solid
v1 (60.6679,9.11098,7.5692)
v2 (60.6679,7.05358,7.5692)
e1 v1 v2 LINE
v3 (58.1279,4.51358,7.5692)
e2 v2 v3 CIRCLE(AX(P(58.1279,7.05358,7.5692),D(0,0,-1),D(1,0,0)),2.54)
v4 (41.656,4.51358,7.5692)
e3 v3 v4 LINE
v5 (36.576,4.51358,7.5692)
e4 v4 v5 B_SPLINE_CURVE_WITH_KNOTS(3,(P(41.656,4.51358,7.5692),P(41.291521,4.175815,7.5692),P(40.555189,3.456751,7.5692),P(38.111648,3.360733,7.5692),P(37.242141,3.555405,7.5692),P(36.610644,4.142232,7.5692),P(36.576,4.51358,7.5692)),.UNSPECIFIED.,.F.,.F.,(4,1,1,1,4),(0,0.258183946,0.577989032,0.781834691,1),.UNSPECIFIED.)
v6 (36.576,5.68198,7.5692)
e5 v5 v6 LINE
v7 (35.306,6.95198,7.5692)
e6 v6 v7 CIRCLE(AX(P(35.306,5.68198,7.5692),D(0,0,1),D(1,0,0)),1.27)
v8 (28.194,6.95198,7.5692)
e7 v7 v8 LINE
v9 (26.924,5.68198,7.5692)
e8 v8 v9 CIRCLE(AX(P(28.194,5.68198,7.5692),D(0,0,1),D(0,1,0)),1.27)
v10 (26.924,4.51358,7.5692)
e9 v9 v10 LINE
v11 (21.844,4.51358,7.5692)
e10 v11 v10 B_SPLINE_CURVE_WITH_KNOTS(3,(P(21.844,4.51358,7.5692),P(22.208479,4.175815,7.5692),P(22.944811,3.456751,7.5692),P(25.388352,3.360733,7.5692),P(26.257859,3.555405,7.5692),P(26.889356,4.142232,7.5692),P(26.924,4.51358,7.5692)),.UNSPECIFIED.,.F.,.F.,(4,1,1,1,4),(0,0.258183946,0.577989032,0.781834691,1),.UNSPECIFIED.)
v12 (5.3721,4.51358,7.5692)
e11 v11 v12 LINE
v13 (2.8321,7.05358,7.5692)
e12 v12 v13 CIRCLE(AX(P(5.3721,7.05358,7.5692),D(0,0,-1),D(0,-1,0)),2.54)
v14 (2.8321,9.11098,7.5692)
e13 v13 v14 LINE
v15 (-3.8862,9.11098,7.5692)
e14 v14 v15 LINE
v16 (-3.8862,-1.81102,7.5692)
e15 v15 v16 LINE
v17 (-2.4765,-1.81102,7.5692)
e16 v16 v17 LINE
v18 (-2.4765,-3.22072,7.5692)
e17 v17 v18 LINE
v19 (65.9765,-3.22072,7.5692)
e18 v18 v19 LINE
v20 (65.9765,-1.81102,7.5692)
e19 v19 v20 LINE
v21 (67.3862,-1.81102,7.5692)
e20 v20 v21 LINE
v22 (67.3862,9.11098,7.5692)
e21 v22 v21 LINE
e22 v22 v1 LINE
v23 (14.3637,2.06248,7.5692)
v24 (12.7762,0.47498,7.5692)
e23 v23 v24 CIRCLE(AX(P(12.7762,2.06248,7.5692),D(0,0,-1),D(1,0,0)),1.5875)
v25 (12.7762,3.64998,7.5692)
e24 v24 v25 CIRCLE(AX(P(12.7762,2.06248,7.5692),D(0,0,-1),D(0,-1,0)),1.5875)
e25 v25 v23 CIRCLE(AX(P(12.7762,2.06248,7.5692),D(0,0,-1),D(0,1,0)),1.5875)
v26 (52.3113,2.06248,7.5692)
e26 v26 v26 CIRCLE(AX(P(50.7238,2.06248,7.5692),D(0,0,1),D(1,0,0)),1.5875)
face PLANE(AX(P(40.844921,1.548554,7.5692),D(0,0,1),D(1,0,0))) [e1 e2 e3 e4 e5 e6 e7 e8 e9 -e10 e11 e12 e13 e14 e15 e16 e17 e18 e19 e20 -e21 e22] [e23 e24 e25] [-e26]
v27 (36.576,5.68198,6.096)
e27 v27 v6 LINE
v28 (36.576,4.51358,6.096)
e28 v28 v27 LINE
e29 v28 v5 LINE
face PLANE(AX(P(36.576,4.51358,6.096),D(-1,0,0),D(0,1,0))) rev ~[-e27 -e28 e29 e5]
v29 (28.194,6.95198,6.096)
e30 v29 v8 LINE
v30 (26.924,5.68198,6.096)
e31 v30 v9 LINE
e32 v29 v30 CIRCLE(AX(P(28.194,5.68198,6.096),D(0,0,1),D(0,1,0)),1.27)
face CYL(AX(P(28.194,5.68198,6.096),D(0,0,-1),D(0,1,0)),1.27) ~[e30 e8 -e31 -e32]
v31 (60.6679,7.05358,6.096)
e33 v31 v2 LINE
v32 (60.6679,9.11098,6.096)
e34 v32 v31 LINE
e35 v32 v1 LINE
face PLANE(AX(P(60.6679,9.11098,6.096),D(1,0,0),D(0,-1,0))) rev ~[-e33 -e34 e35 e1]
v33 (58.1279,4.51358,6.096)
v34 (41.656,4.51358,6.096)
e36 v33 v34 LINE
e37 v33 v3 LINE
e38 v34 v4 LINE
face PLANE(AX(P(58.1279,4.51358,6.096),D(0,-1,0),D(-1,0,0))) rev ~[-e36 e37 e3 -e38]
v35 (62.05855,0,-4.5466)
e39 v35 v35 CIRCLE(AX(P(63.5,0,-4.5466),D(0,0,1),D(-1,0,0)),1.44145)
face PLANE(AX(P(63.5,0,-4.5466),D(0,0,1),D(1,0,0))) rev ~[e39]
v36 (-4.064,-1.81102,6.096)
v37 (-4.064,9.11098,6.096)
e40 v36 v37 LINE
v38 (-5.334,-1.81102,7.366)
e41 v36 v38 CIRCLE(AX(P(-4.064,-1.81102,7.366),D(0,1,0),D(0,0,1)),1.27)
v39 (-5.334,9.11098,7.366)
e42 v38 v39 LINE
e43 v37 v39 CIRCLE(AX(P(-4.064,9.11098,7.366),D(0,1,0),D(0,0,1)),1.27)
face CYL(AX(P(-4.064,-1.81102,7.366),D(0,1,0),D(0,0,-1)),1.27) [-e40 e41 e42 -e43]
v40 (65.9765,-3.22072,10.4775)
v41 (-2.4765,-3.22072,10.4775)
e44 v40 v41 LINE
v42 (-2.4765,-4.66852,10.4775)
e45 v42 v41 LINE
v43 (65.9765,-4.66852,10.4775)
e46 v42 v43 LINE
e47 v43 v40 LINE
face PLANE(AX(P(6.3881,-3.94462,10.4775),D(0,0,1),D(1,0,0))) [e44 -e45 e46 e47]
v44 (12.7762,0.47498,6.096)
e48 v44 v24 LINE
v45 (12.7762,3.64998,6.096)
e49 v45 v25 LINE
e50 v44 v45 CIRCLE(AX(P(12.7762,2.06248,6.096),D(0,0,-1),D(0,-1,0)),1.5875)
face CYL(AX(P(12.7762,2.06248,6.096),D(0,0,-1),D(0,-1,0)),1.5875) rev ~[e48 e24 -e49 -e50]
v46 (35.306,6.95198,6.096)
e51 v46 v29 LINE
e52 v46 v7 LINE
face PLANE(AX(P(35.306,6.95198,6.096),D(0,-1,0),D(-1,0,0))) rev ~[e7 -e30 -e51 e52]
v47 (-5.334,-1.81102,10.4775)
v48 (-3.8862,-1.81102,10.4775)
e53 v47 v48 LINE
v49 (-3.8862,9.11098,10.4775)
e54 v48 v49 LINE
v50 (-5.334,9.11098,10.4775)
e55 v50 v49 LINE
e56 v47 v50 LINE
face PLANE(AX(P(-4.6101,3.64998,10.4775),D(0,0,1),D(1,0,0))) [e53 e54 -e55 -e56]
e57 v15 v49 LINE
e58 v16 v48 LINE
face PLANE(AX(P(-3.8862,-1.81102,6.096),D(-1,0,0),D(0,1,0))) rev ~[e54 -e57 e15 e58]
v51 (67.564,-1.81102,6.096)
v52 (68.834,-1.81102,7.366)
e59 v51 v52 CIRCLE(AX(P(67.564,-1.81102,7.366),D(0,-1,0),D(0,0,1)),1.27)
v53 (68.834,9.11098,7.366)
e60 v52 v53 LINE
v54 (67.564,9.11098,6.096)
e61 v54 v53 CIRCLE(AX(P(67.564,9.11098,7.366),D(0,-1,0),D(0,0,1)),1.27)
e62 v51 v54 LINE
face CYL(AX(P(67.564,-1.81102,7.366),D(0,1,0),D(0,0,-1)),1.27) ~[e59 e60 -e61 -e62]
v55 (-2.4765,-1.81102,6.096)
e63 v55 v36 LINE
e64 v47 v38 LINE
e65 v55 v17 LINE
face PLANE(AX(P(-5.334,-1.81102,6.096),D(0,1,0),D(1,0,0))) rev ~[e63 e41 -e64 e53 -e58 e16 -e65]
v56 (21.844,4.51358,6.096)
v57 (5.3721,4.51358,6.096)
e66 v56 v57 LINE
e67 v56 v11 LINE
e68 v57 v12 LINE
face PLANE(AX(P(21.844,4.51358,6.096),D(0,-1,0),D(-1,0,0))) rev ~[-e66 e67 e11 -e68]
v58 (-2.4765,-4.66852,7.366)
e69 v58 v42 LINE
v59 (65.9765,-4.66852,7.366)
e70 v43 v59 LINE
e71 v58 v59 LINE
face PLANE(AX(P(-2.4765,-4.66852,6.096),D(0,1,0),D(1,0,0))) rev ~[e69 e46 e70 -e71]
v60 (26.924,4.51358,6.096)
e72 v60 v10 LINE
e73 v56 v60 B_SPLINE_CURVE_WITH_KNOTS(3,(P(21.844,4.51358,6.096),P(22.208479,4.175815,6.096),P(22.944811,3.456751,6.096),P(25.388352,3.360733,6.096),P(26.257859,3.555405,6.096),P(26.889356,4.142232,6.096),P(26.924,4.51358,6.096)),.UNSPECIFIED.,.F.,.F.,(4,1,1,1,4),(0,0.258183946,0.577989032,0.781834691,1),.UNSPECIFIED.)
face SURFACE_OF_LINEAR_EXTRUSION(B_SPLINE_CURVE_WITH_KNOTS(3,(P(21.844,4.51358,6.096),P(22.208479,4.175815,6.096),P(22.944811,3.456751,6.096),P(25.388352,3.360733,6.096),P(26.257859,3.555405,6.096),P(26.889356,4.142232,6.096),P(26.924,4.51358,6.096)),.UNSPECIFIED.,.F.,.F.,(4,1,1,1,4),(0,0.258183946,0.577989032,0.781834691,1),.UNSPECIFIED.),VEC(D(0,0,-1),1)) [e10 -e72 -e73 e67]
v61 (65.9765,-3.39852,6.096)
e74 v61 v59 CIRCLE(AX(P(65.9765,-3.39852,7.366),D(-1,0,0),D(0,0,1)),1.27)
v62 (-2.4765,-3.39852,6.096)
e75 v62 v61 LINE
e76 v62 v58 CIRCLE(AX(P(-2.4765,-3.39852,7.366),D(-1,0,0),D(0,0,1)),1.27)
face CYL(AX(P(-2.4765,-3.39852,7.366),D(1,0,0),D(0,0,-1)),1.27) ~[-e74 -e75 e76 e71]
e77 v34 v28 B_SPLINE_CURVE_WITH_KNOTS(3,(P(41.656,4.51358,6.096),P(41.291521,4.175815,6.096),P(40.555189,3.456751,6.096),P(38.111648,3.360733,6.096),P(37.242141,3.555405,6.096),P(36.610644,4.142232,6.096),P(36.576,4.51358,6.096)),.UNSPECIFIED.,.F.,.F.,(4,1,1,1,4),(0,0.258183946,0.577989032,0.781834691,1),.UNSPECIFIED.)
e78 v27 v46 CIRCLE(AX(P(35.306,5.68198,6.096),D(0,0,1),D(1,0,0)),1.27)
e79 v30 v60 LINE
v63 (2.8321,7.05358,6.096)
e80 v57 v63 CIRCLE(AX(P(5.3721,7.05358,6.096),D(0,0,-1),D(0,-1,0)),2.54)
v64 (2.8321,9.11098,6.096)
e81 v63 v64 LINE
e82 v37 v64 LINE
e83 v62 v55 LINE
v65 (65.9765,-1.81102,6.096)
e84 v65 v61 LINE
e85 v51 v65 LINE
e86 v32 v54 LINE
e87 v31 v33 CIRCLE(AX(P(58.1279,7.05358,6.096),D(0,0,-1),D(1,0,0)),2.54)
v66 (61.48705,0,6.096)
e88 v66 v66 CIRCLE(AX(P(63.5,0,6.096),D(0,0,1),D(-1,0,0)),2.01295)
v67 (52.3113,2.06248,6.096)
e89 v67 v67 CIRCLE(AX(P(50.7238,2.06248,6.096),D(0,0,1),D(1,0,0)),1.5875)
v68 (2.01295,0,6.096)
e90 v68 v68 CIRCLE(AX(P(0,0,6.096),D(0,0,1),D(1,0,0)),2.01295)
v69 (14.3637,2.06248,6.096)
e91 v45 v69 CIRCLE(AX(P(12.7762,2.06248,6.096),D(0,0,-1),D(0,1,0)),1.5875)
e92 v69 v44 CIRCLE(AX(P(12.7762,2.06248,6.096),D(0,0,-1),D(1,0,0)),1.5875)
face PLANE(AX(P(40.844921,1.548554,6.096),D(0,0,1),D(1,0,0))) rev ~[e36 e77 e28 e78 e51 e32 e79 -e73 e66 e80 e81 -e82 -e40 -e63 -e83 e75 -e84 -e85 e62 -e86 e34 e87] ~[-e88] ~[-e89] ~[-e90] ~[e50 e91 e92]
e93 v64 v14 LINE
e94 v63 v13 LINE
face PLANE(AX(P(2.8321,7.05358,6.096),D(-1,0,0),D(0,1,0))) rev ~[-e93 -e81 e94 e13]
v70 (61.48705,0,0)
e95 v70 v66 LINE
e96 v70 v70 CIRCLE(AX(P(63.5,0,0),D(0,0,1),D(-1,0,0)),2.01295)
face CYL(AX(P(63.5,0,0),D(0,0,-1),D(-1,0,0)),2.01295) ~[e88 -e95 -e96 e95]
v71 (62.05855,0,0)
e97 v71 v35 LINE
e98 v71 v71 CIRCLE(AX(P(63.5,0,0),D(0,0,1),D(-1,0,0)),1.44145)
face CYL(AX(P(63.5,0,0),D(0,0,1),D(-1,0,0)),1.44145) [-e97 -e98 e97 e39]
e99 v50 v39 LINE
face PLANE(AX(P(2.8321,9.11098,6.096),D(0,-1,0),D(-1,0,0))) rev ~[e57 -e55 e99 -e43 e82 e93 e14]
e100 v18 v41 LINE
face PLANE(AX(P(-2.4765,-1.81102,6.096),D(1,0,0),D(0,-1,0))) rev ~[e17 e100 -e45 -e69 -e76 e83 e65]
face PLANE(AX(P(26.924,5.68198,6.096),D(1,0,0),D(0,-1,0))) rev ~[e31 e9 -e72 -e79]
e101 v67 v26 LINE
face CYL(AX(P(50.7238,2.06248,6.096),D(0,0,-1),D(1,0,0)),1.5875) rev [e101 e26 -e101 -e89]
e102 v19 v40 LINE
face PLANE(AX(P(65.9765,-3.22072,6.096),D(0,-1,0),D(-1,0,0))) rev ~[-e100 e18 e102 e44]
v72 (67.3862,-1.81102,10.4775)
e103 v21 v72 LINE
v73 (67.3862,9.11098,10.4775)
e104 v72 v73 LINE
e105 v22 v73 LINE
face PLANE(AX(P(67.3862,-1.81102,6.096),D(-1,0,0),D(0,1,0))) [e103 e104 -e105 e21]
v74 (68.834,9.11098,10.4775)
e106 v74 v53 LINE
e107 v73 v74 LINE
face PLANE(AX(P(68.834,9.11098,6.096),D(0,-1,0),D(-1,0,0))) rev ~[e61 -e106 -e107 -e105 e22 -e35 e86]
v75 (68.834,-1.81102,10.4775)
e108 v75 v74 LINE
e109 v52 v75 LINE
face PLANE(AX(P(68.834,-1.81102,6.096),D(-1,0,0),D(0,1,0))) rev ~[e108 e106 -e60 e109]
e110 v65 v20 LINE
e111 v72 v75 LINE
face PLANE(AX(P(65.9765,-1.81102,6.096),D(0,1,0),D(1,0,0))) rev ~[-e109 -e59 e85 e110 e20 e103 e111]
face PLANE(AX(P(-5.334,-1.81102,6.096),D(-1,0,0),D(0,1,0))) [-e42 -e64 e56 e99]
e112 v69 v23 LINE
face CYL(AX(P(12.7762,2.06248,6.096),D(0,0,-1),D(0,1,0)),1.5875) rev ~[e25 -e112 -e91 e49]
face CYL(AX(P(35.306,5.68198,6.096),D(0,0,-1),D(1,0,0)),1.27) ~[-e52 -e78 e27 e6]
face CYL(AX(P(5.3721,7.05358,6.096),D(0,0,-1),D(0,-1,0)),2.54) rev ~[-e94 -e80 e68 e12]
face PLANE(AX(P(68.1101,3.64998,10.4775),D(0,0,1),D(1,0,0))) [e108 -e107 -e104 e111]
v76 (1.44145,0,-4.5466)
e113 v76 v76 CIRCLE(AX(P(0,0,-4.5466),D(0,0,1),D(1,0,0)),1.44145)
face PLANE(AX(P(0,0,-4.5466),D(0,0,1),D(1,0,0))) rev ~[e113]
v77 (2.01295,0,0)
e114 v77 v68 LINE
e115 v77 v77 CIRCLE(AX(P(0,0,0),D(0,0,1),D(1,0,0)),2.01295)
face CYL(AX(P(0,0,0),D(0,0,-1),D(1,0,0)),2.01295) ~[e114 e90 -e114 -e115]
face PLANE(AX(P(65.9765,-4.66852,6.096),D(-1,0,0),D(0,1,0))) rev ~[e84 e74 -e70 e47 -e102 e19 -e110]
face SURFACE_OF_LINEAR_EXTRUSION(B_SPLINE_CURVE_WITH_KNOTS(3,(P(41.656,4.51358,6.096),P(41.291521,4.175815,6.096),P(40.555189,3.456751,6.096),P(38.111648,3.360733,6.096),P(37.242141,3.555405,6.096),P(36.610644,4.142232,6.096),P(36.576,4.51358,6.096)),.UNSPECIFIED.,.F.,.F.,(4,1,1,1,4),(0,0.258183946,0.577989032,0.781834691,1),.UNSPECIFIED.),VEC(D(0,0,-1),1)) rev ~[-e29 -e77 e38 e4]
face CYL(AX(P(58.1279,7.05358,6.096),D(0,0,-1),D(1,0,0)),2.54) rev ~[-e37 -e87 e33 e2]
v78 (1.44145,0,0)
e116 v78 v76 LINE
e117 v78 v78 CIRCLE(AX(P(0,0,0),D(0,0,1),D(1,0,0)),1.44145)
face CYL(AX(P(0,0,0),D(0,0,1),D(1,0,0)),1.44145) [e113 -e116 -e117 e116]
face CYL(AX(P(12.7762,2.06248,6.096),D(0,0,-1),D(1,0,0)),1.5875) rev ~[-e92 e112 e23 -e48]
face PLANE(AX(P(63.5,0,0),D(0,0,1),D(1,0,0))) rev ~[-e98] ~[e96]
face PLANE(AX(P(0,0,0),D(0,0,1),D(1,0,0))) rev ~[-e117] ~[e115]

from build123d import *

# Parameters (mm, degrees)
F0_R     = 2.01295
F0_R_2   = 1.44145
F1_DEPTH = 6.096
F2_DEPTH = 4.5466
F3_R     = 1.5875
F3_W     = 53.2003
F3_H     = 1.4478
F3_W_2   = 12.7762
F3_W_3   = 1.4478
F3_H_2   = 10.922
F3_W_4   = 2.4765
F4_DEPTH = 1.4732
F5_DEPTH = 4.3815
F6_R     = 1.27


with BuildPart() as f1:
    # F0 (on Top) → F1 (new body)
    with BuildSketch(Plane.XY):
        Circle(F0_R)
        Circle(F0_R_2, mode=Mode.SUBTRACT)
        Circle(F0_R_2)
    extrude(amount=F1_DEPTH)

    # F0 (on Top) → F2, piece 2 (join)
    with BuildSketch(Plane.XY):
        Circle(F0_R_2)
    extrude(amount=-F2_DEPTH)



with BuildPart() as f1b:
    # F0 (on Top) → F1, piece 2 (new body)
    with BuildSketch(Plane.XY):
        with BuildLine():
            ThreePointArc((65.51295, 0), (63.5, 2.01295), (61.48705, 0))
            ThreePointArc((61.48705, 0), (63.5, -2.01295), (65.51295, 0))
        make_face()
        with BuildLine():
            ThreePointArc((64.94145, 0), (63.5, -1.44145), (62.05855, 0))
            ThreePointArc((62.05855, 0), (63.5, 1.44145), (64.94145, 0))
        make_face(mode=Mode.SUBTRACT)
        with BuildLine():
            ThreePointArc((64.94145, 0), (63.5, 1.44145), (62.05855, 0))
            ThreePointArc((62.05855, 0), (63.5, -1.44145), (64.94145, 0))
        make_face()
    extrude(amount=F1_DEPTH)

    # F0 (on Top) → F2 (join)
    with BuildSketch(Plane.XY):
        with BuildLine():
            ThreePointArc((64.94145, 0), (63.5, 1.44145), (62.05855, 0))
            ThreePointArc((62.05855, 0), (63.5, -1.44145), (64.94145, 0))
        make_face()
    extrude(amount=-F2_DEPTH)


with BuildPart() as f1_1:
    add(f1.part)

    add(f1b.part)  # F4 merges F1b
    # F3 (on face) → F4 (join)
    with BuildSketch(Plane.XY.offset(6.096)):
        with BuildLine():
            Line((12.7762, -3.22072), (65.9765, -3.22072))
            Line((65.9765, -3.22072), (65.9765, -1.81102))
            Line((65.9765, -1.81102), (67.3862, -1.81102))
            Line((67.3862, -1.81102), (67.3862, 9.11098))
            Line((67.3862, 9.11098), (60.6679, 9.11098))
            Line((60.6679, 9.11098), (60.6679, 7.05358))
            ThreePointArc((60.6679, 7.05358), (59.9239512242, 5.2575287758), (58.1279, 4.51358))
            Line((58.1279, 4.51358), (48.4759, 4.51358))
            Line((48.4759, 4.51358), (41.656, 4.51358))
            add(Edge.make_bspline(
                [(41.656, 4.51358), (41.2915210924, 4.1758145401), (40.5551891723, 3.4567511883), (38.111648117, 3.3607328563), (37.2421413327, 3.55540528), (36.6106444724, 4.1422323132), (36.576, 4.51358)],
                knots=[0, 0, 0, 0, 0.2581839456, 0.5779890319, 0.781834691, 1, 1, 1, 1], degree=3))
            Line((36.576, 4.51358), (36.576, 5.68198))
            ThreePointArc((36.576, 5.68198), (36.2040256121, 6.5800056121), (35.306, 6.95198))
            Line((35.306, 6.95198), (31.75, 6.95198))
            Line((31.75, 6.95198), (28.194, 6.95198))
            ThreePointArc((28.194, 6.95198), (27.2959743879, 6.5800056121), (26.924, 5.68198))
            Line((26.924, 5.68198), (26.924, 4.51358))
            add(Edge.make_bspline(
                [(21.844, 4.51358), (22.2084789076, 4.1758145401), (22.9448108277, 3.4567511883), (25.388351883, 3.3607328563), (26.2578586673, 3.55540528), (26.8893555276, 4.1422323132), (26.924, 4.51358)],
                knots=[0, 0, 0, 0, 0.2581839456, 0.5779890319, 0.781834691, 1, 1, 1, 1], degree=3))
            Line((21.844, 4.51358), (12.7762, 4.51358))
            Line((12.7762, 4.51358), (12.7762, 3.64998))
            ThreePointArc((12.7762, 3.64998), (13.8987320151, 3.1850120151), (14.3637, 2.06248))
            ThreePointArc((14.3637, 2.06248), (13.8987320151, 0.9399479849), (12.7762, 0.47498))
            Line((12.7762, 0.47498), (12.7762, -3.22072))
        make_face()
        with Locations((50.7238, 2.06248)):
            Circle(F3_R, mode=Mode.SUBTRACT)
        with BuildLine():
            Line((0, -3.22072), (12.7762, -3.22072))
            Line((12.7762, -3.22072), (12.7762, 0.47498))
            ThreePointArc((12.7762, 0.47498), (11.1887, 2.06248), (12.7762, 3.64998))
            Line((12.7762, 3.64998), (12.7762, 4.51358))
            Line((12.7762, 4.51358), (5.3721, 4.51358))
            ThreePointArc((5.3721, 4.51358), (3.5760487758, 5.2575287758), (2.8321, 7.05358))
            Line((2.8321, 7.05358), (2.8321, 9.11098))
            Line((2.8321, 9.11098), (-3.8862, 9.11098))
            Line((-3.8862, 9.11098), (-3.8862, -1.81102))
            Line((-3.8862, -1.81102), (-2.4765, -1.81102))
            Line((-2.4765, -1.81102), (-2.4765, -3.22072))
            Line((-2.4765, -3.22072), (0, -3.22072))
        make_face()
        with BuildLine():
            ThreePointArc((2.01295, 0), (1.4233705952, -1.4233705952), (0, -2.01295))
            ThreePointArc((0, -2.01295), (-1.4233705952, 1.4233705952), (2.01295, 0))
        make_face(mode=Mode.SUBTRACT)
        with Locations((39.37635, -3.94462)):
            Rectangle(F3_W, F3_H)
        with Locations((6.3881, -3.94462)):
            Rectangle(F3_W_2, F3_H)
        with Locations((68.1101, 3.64998)):
            Rectangle(F3_W_3, F3_H_2)
        with Locations((-4.6101, 3.64998)):
            Rectangle(F3_W_3, F3_H_2)
        with BuildLine():
            ThreePointArc((2.01295, 0), (-1.4233705952, 1.4233705952), (0, -2.01295))
            ThreePointArc((0, -2.01295), (1.4233705952, -1.4233705952), (2.01295, 0))
        make_face()
        with Locations((-1.23825, -3.94462)):
            Rectangle(F3_W_4, F3_H)
    extrude(amount=F4_DEPTH)

    # F3 (on face) → F5 (join)
    with BuildSketch(Plane.XY.offset(6.096)):
        with Locations((-4.6101, 3.64998)):
            Rectangle(F3_W_3, F3_H_2)
        with Locations((6.3881, -3.94462)):
            Rectangle(F3_W_2, F3_H)
        with Locations((39.37635, -3.94462)):
            Rectangle(F3_W, F3_H)
        with Locations((68.1101, 3.64998)):
            Rectangle(F3_W_3, F3_H_2)
        with Locations((-1.23825, -3.94462)):
            Rectangle(F3_W_4, F3_H)
    extrude(amount=F5_DEPTH)

    # F6
    f6_edges = [f1_1.edges().sort_by_distance(p)[0] for p in [
        (-5.334, 3.64998, 6.096),
        (31.75, -4.66852, 6.096),
        (68.834, 3.64998, 6.096),
    ]]
    fillet(f6_edges, radius=F6_R)


solid = f1_1.part
